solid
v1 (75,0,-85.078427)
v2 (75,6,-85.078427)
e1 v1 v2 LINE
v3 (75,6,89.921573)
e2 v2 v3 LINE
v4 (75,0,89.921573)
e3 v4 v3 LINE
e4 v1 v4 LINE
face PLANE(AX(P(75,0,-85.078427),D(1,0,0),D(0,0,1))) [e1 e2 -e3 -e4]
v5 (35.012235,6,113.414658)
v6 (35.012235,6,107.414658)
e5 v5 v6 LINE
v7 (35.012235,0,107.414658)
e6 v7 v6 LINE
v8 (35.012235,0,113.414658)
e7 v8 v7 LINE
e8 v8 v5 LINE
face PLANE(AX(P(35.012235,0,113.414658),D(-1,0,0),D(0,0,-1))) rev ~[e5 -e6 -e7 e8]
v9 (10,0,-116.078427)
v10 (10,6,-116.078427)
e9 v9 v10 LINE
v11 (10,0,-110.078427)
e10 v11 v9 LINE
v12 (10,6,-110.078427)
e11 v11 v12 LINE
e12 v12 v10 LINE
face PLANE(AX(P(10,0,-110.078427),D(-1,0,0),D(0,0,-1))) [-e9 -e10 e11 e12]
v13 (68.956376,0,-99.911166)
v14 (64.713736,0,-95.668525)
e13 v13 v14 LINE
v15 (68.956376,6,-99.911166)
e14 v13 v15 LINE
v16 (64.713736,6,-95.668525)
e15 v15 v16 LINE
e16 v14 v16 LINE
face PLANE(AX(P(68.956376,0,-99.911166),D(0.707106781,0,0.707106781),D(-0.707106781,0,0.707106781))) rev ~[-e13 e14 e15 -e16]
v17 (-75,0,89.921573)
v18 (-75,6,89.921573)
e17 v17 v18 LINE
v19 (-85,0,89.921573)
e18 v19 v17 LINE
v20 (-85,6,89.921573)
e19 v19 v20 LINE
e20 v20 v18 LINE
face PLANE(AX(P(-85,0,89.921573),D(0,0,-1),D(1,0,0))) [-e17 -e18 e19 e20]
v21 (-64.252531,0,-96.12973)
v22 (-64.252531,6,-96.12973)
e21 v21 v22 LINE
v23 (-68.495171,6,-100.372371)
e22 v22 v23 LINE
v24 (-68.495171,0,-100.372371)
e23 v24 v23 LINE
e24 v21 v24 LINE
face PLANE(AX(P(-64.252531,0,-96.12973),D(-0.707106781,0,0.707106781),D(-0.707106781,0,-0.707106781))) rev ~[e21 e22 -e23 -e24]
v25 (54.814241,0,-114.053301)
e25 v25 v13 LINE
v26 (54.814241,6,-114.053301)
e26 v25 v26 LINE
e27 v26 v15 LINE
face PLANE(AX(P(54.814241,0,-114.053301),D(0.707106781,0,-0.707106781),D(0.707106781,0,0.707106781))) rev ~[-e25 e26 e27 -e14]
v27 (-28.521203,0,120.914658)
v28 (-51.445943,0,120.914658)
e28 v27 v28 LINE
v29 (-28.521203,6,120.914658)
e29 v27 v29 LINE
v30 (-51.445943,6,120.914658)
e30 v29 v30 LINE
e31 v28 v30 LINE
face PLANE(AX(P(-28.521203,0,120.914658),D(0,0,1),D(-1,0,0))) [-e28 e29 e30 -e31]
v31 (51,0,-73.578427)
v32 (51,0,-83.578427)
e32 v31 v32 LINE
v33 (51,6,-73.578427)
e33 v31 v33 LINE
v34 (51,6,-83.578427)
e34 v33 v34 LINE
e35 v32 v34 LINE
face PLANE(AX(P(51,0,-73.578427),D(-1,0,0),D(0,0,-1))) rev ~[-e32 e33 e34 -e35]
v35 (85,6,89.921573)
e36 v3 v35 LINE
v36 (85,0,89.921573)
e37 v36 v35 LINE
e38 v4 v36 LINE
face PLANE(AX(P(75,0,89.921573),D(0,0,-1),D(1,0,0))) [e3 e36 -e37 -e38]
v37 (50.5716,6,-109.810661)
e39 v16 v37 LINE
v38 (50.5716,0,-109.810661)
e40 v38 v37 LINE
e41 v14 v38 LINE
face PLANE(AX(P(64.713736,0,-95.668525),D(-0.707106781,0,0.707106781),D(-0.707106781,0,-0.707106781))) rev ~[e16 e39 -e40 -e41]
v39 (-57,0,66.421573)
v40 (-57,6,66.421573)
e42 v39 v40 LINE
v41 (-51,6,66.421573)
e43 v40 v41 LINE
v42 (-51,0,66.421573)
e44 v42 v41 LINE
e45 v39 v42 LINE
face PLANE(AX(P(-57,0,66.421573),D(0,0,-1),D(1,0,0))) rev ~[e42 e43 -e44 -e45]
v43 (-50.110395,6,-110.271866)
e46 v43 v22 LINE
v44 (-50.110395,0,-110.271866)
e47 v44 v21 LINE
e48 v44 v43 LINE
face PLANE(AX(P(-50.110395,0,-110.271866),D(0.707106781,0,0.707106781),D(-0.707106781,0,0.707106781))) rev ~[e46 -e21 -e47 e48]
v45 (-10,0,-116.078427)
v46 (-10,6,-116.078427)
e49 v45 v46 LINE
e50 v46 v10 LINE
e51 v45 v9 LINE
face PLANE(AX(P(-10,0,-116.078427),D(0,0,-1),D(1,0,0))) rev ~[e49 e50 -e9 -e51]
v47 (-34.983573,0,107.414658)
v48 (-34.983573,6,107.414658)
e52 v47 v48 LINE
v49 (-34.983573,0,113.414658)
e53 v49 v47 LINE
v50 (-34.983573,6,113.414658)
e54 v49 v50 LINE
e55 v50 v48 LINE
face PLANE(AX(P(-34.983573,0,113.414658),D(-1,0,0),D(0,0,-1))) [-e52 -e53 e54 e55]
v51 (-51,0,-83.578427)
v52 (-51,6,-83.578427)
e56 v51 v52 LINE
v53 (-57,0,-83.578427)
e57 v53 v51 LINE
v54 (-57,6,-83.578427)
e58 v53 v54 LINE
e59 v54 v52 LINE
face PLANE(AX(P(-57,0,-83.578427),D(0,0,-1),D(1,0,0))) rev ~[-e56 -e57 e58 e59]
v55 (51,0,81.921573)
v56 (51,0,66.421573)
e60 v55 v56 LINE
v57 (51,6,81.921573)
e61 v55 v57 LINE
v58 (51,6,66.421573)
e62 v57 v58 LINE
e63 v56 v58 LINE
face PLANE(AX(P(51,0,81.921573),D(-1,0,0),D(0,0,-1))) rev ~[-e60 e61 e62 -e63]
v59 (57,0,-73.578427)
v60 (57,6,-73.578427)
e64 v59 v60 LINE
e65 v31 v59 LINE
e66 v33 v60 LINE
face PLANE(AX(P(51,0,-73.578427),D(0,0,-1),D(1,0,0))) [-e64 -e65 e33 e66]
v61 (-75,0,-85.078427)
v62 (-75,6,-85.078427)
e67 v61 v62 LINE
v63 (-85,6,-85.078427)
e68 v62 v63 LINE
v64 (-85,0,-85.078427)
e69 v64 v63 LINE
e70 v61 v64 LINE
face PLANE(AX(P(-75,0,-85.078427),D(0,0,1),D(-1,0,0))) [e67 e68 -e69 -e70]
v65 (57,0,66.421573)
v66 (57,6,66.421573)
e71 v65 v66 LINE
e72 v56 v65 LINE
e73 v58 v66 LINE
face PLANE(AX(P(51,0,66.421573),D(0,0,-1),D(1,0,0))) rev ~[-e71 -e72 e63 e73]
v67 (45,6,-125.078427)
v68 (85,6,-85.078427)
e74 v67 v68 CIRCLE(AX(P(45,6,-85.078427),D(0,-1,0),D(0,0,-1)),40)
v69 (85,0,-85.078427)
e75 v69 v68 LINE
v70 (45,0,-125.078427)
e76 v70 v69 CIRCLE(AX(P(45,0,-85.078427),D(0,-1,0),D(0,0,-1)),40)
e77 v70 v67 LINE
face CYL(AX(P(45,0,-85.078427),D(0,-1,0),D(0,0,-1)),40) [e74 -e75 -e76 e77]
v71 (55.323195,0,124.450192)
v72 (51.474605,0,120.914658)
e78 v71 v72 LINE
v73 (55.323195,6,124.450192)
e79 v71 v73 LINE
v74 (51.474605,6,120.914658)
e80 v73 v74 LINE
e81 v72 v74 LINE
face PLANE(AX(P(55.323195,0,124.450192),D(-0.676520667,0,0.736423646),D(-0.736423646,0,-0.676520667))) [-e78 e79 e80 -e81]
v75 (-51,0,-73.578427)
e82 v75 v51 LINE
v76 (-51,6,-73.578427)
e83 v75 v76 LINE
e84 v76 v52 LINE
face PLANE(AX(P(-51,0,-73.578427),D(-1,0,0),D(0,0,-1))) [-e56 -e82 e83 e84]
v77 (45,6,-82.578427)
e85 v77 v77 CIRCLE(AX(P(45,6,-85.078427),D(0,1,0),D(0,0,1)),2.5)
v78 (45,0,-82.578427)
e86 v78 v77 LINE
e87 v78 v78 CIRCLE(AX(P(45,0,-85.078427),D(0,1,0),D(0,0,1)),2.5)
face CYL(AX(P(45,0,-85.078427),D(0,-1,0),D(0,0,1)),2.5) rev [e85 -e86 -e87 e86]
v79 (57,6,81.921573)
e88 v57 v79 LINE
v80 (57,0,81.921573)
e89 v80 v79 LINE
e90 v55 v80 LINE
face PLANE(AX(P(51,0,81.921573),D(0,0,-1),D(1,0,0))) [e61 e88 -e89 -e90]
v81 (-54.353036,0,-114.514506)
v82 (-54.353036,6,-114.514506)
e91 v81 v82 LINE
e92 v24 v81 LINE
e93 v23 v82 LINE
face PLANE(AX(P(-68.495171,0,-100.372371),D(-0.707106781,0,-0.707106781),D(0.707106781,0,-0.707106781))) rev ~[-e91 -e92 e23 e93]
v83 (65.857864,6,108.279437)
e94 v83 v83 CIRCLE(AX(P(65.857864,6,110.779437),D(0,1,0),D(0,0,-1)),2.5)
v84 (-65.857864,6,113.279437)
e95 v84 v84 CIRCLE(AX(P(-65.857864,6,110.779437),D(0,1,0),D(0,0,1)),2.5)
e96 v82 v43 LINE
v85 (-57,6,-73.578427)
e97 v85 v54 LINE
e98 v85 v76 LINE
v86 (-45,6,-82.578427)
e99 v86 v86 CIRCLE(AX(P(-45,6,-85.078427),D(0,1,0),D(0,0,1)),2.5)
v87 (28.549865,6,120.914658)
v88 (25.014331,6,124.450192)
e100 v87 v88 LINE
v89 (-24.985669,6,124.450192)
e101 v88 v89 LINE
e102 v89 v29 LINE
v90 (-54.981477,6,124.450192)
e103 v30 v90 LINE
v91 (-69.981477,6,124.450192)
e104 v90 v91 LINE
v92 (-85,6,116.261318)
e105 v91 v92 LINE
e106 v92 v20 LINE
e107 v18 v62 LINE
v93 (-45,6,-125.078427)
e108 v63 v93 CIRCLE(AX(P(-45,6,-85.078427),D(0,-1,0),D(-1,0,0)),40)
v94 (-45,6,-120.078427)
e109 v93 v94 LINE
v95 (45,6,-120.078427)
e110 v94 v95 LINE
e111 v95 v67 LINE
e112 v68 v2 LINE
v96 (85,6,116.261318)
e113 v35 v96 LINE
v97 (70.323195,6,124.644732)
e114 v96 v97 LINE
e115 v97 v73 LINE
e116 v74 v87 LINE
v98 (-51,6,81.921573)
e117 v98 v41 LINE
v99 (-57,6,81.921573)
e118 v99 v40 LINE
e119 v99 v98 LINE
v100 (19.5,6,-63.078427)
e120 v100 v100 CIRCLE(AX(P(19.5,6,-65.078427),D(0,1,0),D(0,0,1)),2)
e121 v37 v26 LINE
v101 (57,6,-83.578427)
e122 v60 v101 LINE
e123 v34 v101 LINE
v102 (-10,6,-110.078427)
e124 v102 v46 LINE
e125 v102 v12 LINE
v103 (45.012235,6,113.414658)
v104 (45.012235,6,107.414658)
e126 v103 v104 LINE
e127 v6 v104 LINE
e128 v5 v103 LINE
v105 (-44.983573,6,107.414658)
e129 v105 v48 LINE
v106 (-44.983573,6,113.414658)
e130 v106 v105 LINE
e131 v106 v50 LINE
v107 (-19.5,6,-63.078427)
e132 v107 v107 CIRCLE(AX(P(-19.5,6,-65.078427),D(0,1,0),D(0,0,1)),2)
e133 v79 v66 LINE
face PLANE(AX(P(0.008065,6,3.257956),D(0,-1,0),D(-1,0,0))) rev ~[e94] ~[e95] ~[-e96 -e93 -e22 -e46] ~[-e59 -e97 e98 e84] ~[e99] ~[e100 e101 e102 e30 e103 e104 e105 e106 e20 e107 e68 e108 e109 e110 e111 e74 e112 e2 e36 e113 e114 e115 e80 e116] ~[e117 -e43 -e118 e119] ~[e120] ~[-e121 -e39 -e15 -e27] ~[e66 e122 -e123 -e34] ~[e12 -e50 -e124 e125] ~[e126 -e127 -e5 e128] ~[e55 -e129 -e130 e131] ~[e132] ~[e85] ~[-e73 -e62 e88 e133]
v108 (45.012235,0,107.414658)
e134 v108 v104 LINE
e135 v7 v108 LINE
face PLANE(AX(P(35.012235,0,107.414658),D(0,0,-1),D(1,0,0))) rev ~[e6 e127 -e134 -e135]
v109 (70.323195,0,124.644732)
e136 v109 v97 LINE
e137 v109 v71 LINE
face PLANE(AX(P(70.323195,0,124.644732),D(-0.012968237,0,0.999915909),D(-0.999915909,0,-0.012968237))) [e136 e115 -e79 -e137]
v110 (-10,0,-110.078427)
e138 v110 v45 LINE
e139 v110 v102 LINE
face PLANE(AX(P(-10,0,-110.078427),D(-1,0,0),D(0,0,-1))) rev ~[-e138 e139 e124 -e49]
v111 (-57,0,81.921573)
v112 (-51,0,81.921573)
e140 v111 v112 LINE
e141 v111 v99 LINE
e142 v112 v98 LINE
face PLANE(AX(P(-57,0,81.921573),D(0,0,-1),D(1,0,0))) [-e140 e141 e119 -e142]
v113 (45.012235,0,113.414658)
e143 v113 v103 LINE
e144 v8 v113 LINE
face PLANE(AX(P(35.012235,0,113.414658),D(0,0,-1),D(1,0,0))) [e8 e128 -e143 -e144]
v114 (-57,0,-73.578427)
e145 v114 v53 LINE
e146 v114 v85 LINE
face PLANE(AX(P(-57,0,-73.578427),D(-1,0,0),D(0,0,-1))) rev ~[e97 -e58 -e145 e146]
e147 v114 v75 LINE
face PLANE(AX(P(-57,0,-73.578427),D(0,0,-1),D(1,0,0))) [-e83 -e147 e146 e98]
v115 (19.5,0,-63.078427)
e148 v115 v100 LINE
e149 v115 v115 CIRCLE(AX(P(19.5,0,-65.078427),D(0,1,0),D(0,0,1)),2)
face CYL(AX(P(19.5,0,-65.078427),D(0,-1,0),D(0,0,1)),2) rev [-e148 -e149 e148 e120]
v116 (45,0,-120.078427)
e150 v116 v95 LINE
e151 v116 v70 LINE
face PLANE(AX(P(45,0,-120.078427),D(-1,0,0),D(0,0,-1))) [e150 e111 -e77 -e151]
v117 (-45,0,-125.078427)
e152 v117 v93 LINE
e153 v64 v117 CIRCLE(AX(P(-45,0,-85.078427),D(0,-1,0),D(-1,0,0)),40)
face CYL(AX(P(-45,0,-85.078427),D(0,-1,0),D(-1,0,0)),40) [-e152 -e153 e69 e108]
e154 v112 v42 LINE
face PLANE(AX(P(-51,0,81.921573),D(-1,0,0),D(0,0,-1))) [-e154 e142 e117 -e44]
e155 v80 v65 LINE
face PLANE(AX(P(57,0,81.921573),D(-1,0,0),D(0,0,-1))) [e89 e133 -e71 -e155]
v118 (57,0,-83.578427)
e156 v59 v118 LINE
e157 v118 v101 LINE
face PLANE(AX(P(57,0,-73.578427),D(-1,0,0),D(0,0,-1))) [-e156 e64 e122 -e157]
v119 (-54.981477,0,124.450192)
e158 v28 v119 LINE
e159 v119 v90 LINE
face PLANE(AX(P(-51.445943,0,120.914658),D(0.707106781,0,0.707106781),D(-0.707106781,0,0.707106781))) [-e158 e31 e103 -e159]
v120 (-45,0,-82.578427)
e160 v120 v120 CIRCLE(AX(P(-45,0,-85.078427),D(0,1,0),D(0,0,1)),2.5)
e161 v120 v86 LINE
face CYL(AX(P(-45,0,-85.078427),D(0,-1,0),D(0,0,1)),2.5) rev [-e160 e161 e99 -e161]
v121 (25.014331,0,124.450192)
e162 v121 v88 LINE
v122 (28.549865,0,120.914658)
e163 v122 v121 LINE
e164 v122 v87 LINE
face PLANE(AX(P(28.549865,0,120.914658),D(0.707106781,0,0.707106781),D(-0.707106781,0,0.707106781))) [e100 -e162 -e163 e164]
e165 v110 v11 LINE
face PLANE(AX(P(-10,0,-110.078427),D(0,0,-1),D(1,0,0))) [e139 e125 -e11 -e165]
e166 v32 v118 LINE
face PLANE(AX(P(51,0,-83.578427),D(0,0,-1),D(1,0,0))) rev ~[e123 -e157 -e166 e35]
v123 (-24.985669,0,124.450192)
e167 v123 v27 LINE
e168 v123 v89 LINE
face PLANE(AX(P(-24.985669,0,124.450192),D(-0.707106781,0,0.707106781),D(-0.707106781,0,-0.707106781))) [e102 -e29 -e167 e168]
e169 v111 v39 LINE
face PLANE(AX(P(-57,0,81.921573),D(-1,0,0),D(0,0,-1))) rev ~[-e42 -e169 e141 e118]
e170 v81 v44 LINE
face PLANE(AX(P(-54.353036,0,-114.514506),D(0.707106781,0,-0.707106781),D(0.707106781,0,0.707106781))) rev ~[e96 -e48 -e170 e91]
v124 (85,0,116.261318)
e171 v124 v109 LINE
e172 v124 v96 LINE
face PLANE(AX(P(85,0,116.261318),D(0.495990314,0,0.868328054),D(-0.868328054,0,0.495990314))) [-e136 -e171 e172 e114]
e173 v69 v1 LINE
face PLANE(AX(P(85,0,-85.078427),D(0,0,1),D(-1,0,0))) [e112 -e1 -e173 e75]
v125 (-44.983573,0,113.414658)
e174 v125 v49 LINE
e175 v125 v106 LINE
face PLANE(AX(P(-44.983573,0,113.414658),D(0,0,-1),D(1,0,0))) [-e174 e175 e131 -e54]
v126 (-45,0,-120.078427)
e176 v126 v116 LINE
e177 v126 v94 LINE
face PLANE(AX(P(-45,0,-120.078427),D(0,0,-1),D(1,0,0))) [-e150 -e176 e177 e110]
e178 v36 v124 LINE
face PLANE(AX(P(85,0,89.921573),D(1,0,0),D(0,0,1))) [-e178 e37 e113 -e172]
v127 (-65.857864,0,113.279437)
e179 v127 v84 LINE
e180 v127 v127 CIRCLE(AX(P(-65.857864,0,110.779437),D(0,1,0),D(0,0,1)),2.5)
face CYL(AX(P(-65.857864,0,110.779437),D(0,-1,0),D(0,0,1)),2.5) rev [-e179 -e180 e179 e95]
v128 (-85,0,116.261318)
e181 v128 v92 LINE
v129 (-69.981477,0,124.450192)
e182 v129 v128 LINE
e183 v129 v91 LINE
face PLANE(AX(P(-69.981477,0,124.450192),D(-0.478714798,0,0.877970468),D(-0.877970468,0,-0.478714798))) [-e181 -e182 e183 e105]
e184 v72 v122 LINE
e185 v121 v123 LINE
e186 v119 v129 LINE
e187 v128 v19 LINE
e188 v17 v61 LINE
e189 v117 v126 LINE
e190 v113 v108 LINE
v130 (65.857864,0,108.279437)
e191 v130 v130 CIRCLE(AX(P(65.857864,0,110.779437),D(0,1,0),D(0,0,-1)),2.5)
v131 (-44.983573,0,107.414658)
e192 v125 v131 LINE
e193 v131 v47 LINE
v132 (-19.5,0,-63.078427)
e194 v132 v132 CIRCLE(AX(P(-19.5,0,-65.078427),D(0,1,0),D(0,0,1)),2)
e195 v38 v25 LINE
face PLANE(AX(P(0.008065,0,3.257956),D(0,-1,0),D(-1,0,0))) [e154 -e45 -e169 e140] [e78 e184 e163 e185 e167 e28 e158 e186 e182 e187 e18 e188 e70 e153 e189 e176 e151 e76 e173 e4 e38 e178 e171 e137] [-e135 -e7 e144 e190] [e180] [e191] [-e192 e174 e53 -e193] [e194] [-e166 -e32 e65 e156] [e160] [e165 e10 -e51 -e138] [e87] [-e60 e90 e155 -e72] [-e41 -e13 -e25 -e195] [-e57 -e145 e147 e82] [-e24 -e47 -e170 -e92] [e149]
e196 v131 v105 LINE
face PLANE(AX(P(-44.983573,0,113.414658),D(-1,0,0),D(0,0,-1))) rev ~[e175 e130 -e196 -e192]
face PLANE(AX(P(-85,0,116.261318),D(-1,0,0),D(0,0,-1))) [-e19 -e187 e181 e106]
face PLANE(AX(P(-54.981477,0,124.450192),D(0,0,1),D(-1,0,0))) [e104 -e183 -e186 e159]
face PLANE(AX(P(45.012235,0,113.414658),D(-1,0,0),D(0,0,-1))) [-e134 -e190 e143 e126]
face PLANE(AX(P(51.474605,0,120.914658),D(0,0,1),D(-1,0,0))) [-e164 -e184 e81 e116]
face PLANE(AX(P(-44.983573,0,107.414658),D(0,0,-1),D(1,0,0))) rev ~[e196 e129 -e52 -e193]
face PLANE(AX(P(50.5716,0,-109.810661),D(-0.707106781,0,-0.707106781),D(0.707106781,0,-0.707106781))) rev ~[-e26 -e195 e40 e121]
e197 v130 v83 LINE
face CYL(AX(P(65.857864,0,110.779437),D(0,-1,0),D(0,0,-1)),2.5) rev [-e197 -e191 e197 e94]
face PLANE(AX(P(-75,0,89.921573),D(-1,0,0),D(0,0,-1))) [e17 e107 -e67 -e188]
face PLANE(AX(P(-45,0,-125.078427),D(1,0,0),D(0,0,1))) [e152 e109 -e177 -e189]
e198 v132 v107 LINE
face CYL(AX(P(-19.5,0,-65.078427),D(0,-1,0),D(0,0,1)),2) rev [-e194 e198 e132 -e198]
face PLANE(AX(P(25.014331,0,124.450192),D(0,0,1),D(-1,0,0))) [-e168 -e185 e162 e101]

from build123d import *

# Parameters (mm, degrees)
SKETCH1_R           = 2.5
SKETCH1_R_2         = 2
SKETCH1_W           = 20
SKETCH1_H           = 6
SKETCH1_W_2         = 10
SKETCH1_W_3         = 6
SKETCH1_H_2         = 15.5
SKETCH1_H_3         = 10
BOSS_EXTRUDE1_DEPTH = 6


with BuildPart() as part:
    # Sketch1 → Boss-Extrude1 (new body)
    with BuildSketch(Plane(origin=(0, 0, 0), x_dir=(1, 0, 0), z_dir=(0, 1, 0))):
        with BuildLine():
            Line((-45, 125.078427477), (-45, 120.078427477))
            Line((-45, 120.078427477), (45, 120.078427477))
            Line((45, 120.078427477), (45, 125.078427477))
            ThreePointArc((45, 125.078427477), (73.284271247, 113.362698724), (85, 85.078427477))
            Line((85, 85.078427477), (75, 85.078427477))
            Line((75, 85.078427477), (75, -89.921572523))
            Line((75, -89.921572523), (85, -89.921572523))
            Line((85, -89.921572523), (85, -116.261318485))
            Line((85, -116.261318485), (70.323194947, -124.644732005))
            Line((70.323194947, -124.644732005), (55.323194947, -124.450192088))
            Line((55.323194947, -124.450192088), (51.474604803, -120.914658182))
            Line((51.474604803, -120.914658182), (28.549864753, -120.914658182))
            Line((28.549864753, -120.914658182), (25.014330847, -124.450192088))
            Line((25.014330847, -124.450192088), (-24.985669153, -124.450192088))
            Line((-24.985669153, -124.450192088), (-28.521203059, -120.914658182))
            Line((-28.521203059, -120.914658182), (-51.44594311, -120.914658182))
            Line((-51.44594311, -120.914658182), (-54.981477016, -124.450192088))
            Line((-54.981477016, -124.450192088), (-69.981477016, -124.450192088))
            Line((-69.981477016, -124.450192088), (-85, -116.261318485))
            Line((-85, -116.261318485), (-85, -89.921572523))
            Line((-85, -89.921572523), (-75, -89.921572523))
            Line((-75, -89.921572523), (-75, 85.078427477))
            Line((-75, 85.078427477), (-85, 85.078427477))
            ThreePointArc((-85, 85.078427477), (-73.284271247, 113.362698724), (-45, 125.078427477))
        make_face()
        with Locations(Location((-45, 85.078427477, 0), (0, 0, 270))):
            Circle(SKETCH1_R, mode=Mode.SUBTRACT)
        with Locations(Location((45, 85.078427477, 0), (0, 0, 270))):
            Circle(SKETCH1_R, mode=Mode.SUBTRACT)
        with Locations(Location((-65.857864376, -110.779436899, 0), (0, 0, 270))):
            Circle(SKETCH1_R, mode=Mode.SUBTRACT)
        with Locations(Location((65.857864376, -110.779436899, 0), (0, 0, 90))):
            Circle(SKETCH1_R, mode=Mode.SUBTRACT)
        with Locations(Location((19.5, 65.078427477, 0), (0, 0, 270))):
            Circle(SKETCH1_R_2, mode=Mode.SUBTRACT)
        with Locations(Location((-19.5, 65.078427477, 0), (0, 0, 270))):
            Circle(SKETCH1_R_2, mode=Mode.SUBTRACT)
        Polygon((50.571600169, 109.810660524), (54.814240856, 114.053301211), (68.95637648, 99.911165587), (64.713735792, 95.6685249), align=None, mode=Mode.SUBTRACT)
        with Locations((0, 113.078427477)):
            Rectangle(SKETCH1_W, SKETCH1_H, mode=Mode.SUBTRACT)
        Polygon((-50.11039508, 110.271865613), (-64.252530704, 96.129729989), (-68.495171391, 100.372370676), (-54.353035767, 114.5145063), align=None, mode=Mode.SUBTRACT)
        with Locations((-39.983573085, -110.414658182)):
            Rectangle(SKETCH1_W_2, SKETCH1_H, mode=Mode.SUBTRACT)
        with Locations((40.012234778, -110.414658182)):
            Rectangle(SKETCH1_W_2, SKETCH1_H, mode=Mode.SUBTRACT)
        with Locations((54, -74.171572523)):
            Rectangle(SKETCH1_W_3, SKETCH1_H_2, mode=Mode.SUBTRACT)
        with Locations((-54, -74.171572523)):
            Rectangle(SKETCH1_W_3, SKETCH1_H_2, mode=Mode.SUBTRACT)
        with Locations((54, 78.578427477)):
            Rectangle(SKETCH1_W_3, SKETCH1_H_3, mode=Mode.SUBTRACT)
        with Locations((-54, 78.578427477)):
            Rectangle(SKETCH1_W_3, SKETCH1_H_3, mode=Mode.SUBTRACT)
    extrude(amount=BOSS_EXTRUDE1_DEPTH)


solid = part.part
